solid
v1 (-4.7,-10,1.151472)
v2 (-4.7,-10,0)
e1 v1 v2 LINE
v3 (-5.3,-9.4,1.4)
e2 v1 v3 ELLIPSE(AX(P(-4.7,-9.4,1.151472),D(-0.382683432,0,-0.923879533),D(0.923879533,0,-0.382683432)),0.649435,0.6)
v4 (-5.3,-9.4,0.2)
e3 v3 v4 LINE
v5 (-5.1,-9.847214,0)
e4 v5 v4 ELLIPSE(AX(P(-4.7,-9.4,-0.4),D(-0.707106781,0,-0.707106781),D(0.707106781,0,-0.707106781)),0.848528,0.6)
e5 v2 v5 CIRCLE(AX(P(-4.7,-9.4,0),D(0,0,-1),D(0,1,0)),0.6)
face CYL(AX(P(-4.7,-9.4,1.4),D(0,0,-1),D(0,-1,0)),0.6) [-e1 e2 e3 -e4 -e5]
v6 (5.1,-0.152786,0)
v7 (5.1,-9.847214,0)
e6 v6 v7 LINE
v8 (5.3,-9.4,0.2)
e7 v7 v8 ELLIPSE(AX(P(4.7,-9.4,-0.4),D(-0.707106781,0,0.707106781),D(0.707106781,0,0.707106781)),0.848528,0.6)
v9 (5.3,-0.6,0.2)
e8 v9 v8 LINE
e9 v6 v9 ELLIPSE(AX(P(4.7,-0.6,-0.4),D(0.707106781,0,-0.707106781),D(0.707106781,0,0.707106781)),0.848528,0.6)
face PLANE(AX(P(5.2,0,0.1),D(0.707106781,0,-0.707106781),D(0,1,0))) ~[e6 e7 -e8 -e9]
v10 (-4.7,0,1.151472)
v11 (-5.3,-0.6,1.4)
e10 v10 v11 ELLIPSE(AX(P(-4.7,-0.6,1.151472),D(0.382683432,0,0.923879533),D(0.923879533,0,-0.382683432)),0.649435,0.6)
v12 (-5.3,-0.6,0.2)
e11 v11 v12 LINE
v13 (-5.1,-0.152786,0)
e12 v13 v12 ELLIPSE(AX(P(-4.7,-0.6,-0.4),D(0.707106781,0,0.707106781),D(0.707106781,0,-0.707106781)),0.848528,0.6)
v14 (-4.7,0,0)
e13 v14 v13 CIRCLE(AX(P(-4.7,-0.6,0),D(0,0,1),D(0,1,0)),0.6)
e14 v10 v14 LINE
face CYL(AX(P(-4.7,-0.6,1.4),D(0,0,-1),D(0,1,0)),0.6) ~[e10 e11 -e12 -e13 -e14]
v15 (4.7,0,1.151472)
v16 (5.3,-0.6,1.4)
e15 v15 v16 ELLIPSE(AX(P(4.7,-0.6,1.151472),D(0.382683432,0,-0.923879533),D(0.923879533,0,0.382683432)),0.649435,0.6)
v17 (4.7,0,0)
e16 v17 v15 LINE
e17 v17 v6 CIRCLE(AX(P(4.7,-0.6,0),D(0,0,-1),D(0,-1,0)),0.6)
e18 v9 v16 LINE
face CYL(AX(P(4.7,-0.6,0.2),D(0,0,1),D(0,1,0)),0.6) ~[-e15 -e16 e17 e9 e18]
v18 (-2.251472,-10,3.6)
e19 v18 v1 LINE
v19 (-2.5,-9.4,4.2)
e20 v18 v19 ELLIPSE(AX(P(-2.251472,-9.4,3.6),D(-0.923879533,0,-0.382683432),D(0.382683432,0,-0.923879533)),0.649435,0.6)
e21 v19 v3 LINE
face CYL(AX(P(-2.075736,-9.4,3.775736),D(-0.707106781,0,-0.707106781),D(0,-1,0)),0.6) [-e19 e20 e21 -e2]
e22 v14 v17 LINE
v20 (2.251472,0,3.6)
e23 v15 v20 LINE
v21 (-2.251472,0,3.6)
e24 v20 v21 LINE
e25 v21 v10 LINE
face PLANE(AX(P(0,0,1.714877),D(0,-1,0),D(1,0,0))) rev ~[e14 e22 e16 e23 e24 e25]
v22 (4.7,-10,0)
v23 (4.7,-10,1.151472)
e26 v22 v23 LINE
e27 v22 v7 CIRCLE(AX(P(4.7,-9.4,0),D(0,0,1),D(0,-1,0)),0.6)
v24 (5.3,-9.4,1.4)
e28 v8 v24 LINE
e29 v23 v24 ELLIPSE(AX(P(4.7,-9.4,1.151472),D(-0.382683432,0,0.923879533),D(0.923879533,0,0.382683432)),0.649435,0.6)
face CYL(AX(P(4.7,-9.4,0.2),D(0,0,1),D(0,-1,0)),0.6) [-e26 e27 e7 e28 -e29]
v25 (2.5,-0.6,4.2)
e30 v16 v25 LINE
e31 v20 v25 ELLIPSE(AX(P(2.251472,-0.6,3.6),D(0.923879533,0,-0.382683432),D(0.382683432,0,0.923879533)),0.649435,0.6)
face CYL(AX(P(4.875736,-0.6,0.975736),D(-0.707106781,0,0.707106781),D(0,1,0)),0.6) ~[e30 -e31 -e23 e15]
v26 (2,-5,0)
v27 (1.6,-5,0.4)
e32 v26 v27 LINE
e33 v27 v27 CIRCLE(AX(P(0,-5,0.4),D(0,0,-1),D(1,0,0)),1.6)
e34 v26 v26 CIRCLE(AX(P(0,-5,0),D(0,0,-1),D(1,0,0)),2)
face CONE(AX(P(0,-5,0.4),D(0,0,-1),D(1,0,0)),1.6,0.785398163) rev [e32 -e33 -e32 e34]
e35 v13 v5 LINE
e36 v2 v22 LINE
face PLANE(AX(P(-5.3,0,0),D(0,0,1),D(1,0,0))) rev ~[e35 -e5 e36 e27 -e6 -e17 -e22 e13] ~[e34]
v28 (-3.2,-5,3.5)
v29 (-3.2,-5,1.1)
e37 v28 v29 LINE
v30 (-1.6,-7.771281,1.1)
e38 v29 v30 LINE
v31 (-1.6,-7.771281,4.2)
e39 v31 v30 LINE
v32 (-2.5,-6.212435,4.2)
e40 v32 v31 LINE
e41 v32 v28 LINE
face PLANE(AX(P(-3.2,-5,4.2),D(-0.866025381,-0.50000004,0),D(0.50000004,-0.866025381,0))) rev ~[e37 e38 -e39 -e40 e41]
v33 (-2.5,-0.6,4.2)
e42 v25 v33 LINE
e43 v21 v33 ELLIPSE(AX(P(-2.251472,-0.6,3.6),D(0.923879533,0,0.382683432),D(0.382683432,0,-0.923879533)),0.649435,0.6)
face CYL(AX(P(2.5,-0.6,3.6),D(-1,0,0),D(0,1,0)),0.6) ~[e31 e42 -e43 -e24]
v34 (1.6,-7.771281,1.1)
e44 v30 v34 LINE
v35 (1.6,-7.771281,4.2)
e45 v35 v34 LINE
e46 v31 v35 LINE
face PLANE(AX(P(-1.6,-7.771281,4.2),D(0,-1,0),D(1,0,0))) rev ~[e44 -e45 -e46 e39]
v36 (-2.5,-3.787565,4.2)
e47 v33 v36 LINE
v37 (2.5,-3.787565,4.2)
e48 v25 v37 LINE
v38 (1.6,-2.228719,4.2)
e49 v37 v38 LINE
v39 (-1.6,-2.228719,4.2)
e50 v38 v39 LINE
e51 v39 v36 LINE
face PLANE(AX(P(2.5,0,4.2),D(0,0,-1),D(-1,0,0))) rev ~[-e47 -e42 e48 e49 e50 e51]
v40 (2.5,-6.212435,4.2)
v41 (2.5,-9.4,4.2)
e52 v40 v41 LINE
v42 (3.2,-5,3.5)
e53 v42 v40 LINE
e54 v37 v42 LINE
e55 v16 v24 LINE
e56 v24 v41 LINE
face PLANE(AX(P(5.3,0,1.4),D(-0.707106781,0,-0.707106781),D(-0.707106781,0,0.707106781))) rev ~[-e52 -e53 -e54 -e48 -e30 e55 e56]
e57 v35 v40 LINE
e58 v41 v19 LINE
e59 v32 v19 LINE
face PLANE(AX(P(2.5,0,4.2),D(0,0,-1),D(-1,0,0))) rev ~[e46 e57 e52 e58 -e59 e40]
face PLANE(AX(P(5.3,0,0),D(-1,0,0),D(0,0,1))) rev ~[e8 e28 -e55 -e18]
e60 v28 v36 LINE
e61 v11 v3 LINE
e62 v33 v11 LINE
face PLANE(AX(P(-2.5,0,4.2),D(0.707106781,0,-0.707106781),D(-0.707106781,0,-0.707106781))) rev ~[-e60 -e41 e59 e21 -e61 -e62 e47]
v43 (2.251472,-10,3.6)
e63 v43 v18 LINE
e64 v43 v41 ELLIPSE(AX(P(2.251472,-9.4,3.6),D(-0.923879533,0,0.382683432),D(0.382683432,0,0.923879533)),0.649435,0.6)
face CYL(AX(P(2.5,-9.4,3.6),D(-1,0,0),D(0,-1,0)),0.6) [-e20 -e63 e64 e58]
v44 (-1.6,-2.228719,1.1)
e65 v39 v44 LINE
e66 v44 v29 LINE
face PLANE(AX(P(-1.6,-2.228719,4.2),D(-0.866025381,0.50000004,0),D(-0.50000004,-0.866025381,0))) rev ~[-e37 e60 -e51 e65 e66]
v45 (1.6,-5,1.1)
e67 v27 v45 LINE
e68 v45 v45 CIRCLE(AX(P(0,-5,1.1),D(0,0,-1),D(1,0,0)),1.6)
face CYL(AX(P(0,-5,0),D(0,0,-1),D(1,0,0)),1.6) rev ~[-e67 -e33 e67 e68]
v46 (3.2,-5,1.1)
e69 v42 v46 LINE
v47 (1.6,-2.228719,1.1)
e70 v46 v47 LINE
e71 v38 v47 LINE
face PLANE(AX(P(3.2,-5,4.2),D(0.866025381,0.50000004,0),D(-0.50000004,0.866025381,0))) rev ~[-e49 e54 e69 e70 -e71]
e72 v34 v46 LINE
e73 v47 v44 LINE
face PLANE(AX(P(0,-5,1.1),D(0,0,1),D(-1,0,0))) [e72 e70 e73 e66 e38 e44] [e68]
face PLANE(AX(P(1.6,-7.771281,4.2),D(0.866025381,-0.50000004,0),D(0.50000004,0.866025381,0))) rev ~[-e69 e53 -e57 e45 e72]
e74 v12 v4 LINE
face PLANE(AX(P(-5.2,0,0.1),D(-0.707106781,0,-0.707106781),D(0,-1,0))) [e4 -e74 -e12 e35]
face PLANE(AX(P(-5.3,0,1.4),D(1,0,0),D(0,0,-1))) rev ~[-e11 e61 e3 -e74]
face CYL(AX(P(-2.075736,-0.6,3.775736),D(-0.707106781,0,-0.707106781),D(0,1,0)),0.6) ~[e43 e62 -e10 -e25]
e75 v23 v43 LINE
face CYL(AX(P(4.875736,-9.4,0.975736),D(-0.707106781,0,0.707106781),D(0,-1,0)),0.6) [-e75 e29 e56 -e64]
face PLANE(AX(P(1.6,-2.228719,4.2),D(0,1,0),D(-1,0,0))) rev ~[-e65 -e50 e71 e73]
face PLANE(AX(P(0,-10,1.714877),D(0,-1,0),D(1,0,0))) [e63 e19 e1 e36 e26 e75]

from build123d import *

# Parameters (mm, degrees)
PAD_DEPTH       = 10
POCKET_DEPTH    = 3.1
SKETCH002_R     = 1.6
POCKET001_DEPTH = 4.201
CHAMFER_SIZE    = 0.4
CHAMFER001_SIZE = 0.2
FILLET_R        = 0.6


with BuildPart() as part:
    # Sketch → Pad (new body)
    with BuildSketch(Plane.XZ):
        Polygon((-5.3, 0), (5.3, 0), (5.3, 1.4), (2.5, 4.2), (-2.5, 4.2), (-5.3, 1.4), align=None)
    extrude(amount=PAD_DEPTH)

    # Sketch001 → Pocket (cut)
    with BuildSketch(Plane(origin=(0, 0, 4.2), x_dir=(-1, 0, 0), z_dir=(0, 0, 1))):
        Polygon((1.6, 2.228719), (3.2, 5), (1.6, 7.771281), (-1.6, 7.771281), (-3.2, 5), (-1.6, 2.228719), align=None)
    extrude(amount=-POCKET_DEPTH, mode=Mode.SUBTRACT)

    # Sketch002 → Pocket001 (cut, through all)
    with BuildSketch(Plane(origin=(0, 0, 0), x_dir=(1, 0, 0), z_dir=(0, 0, -1))):
        with Locations((0, 5)):
            Circle(SKETCH002_R)
    extrude(amount=-POCKET001_DEPTH, mode=Mode.SUBTRACT)

    # Chamfer
    chamfer_edges = [part.edges().sort_by_distance(p)[0] for p in [
        (-1.6, -5, 0),
    ]]
    chamfer(chamfer_edges, length=CHAMFER_SIZE)

    # Chamfer001
    chamfer001_edges = [part.edges().sort_by_distance(p)[0] for p in [
        (-5.3, -5, 0),
        (5.3, -5, 0),
    ]]
    chamfer(chamfer001_edges, length=CHAMFER001_SIZE)

    # Fillet
    fillet_edges = [part.edges().sort_by_distance(p)[0] for p in [
        (-5.3, 0, 0.8),
        (5.3, 0, 0.8),
        (-3.9, 0, 2.8),
        (3.9, 0, 2.8),
        (0, 0, 4.2),
        (-5.3, -10, 0.8),
        (5.3, -10, 0.8),
        (-3.9, -10, 2.8),
        (3.9, -10, 2.8),
        (0, -10, 4.2),
    ]]
    fillet(fillet_edges, radius=FILLET_R)


solid = part.part
